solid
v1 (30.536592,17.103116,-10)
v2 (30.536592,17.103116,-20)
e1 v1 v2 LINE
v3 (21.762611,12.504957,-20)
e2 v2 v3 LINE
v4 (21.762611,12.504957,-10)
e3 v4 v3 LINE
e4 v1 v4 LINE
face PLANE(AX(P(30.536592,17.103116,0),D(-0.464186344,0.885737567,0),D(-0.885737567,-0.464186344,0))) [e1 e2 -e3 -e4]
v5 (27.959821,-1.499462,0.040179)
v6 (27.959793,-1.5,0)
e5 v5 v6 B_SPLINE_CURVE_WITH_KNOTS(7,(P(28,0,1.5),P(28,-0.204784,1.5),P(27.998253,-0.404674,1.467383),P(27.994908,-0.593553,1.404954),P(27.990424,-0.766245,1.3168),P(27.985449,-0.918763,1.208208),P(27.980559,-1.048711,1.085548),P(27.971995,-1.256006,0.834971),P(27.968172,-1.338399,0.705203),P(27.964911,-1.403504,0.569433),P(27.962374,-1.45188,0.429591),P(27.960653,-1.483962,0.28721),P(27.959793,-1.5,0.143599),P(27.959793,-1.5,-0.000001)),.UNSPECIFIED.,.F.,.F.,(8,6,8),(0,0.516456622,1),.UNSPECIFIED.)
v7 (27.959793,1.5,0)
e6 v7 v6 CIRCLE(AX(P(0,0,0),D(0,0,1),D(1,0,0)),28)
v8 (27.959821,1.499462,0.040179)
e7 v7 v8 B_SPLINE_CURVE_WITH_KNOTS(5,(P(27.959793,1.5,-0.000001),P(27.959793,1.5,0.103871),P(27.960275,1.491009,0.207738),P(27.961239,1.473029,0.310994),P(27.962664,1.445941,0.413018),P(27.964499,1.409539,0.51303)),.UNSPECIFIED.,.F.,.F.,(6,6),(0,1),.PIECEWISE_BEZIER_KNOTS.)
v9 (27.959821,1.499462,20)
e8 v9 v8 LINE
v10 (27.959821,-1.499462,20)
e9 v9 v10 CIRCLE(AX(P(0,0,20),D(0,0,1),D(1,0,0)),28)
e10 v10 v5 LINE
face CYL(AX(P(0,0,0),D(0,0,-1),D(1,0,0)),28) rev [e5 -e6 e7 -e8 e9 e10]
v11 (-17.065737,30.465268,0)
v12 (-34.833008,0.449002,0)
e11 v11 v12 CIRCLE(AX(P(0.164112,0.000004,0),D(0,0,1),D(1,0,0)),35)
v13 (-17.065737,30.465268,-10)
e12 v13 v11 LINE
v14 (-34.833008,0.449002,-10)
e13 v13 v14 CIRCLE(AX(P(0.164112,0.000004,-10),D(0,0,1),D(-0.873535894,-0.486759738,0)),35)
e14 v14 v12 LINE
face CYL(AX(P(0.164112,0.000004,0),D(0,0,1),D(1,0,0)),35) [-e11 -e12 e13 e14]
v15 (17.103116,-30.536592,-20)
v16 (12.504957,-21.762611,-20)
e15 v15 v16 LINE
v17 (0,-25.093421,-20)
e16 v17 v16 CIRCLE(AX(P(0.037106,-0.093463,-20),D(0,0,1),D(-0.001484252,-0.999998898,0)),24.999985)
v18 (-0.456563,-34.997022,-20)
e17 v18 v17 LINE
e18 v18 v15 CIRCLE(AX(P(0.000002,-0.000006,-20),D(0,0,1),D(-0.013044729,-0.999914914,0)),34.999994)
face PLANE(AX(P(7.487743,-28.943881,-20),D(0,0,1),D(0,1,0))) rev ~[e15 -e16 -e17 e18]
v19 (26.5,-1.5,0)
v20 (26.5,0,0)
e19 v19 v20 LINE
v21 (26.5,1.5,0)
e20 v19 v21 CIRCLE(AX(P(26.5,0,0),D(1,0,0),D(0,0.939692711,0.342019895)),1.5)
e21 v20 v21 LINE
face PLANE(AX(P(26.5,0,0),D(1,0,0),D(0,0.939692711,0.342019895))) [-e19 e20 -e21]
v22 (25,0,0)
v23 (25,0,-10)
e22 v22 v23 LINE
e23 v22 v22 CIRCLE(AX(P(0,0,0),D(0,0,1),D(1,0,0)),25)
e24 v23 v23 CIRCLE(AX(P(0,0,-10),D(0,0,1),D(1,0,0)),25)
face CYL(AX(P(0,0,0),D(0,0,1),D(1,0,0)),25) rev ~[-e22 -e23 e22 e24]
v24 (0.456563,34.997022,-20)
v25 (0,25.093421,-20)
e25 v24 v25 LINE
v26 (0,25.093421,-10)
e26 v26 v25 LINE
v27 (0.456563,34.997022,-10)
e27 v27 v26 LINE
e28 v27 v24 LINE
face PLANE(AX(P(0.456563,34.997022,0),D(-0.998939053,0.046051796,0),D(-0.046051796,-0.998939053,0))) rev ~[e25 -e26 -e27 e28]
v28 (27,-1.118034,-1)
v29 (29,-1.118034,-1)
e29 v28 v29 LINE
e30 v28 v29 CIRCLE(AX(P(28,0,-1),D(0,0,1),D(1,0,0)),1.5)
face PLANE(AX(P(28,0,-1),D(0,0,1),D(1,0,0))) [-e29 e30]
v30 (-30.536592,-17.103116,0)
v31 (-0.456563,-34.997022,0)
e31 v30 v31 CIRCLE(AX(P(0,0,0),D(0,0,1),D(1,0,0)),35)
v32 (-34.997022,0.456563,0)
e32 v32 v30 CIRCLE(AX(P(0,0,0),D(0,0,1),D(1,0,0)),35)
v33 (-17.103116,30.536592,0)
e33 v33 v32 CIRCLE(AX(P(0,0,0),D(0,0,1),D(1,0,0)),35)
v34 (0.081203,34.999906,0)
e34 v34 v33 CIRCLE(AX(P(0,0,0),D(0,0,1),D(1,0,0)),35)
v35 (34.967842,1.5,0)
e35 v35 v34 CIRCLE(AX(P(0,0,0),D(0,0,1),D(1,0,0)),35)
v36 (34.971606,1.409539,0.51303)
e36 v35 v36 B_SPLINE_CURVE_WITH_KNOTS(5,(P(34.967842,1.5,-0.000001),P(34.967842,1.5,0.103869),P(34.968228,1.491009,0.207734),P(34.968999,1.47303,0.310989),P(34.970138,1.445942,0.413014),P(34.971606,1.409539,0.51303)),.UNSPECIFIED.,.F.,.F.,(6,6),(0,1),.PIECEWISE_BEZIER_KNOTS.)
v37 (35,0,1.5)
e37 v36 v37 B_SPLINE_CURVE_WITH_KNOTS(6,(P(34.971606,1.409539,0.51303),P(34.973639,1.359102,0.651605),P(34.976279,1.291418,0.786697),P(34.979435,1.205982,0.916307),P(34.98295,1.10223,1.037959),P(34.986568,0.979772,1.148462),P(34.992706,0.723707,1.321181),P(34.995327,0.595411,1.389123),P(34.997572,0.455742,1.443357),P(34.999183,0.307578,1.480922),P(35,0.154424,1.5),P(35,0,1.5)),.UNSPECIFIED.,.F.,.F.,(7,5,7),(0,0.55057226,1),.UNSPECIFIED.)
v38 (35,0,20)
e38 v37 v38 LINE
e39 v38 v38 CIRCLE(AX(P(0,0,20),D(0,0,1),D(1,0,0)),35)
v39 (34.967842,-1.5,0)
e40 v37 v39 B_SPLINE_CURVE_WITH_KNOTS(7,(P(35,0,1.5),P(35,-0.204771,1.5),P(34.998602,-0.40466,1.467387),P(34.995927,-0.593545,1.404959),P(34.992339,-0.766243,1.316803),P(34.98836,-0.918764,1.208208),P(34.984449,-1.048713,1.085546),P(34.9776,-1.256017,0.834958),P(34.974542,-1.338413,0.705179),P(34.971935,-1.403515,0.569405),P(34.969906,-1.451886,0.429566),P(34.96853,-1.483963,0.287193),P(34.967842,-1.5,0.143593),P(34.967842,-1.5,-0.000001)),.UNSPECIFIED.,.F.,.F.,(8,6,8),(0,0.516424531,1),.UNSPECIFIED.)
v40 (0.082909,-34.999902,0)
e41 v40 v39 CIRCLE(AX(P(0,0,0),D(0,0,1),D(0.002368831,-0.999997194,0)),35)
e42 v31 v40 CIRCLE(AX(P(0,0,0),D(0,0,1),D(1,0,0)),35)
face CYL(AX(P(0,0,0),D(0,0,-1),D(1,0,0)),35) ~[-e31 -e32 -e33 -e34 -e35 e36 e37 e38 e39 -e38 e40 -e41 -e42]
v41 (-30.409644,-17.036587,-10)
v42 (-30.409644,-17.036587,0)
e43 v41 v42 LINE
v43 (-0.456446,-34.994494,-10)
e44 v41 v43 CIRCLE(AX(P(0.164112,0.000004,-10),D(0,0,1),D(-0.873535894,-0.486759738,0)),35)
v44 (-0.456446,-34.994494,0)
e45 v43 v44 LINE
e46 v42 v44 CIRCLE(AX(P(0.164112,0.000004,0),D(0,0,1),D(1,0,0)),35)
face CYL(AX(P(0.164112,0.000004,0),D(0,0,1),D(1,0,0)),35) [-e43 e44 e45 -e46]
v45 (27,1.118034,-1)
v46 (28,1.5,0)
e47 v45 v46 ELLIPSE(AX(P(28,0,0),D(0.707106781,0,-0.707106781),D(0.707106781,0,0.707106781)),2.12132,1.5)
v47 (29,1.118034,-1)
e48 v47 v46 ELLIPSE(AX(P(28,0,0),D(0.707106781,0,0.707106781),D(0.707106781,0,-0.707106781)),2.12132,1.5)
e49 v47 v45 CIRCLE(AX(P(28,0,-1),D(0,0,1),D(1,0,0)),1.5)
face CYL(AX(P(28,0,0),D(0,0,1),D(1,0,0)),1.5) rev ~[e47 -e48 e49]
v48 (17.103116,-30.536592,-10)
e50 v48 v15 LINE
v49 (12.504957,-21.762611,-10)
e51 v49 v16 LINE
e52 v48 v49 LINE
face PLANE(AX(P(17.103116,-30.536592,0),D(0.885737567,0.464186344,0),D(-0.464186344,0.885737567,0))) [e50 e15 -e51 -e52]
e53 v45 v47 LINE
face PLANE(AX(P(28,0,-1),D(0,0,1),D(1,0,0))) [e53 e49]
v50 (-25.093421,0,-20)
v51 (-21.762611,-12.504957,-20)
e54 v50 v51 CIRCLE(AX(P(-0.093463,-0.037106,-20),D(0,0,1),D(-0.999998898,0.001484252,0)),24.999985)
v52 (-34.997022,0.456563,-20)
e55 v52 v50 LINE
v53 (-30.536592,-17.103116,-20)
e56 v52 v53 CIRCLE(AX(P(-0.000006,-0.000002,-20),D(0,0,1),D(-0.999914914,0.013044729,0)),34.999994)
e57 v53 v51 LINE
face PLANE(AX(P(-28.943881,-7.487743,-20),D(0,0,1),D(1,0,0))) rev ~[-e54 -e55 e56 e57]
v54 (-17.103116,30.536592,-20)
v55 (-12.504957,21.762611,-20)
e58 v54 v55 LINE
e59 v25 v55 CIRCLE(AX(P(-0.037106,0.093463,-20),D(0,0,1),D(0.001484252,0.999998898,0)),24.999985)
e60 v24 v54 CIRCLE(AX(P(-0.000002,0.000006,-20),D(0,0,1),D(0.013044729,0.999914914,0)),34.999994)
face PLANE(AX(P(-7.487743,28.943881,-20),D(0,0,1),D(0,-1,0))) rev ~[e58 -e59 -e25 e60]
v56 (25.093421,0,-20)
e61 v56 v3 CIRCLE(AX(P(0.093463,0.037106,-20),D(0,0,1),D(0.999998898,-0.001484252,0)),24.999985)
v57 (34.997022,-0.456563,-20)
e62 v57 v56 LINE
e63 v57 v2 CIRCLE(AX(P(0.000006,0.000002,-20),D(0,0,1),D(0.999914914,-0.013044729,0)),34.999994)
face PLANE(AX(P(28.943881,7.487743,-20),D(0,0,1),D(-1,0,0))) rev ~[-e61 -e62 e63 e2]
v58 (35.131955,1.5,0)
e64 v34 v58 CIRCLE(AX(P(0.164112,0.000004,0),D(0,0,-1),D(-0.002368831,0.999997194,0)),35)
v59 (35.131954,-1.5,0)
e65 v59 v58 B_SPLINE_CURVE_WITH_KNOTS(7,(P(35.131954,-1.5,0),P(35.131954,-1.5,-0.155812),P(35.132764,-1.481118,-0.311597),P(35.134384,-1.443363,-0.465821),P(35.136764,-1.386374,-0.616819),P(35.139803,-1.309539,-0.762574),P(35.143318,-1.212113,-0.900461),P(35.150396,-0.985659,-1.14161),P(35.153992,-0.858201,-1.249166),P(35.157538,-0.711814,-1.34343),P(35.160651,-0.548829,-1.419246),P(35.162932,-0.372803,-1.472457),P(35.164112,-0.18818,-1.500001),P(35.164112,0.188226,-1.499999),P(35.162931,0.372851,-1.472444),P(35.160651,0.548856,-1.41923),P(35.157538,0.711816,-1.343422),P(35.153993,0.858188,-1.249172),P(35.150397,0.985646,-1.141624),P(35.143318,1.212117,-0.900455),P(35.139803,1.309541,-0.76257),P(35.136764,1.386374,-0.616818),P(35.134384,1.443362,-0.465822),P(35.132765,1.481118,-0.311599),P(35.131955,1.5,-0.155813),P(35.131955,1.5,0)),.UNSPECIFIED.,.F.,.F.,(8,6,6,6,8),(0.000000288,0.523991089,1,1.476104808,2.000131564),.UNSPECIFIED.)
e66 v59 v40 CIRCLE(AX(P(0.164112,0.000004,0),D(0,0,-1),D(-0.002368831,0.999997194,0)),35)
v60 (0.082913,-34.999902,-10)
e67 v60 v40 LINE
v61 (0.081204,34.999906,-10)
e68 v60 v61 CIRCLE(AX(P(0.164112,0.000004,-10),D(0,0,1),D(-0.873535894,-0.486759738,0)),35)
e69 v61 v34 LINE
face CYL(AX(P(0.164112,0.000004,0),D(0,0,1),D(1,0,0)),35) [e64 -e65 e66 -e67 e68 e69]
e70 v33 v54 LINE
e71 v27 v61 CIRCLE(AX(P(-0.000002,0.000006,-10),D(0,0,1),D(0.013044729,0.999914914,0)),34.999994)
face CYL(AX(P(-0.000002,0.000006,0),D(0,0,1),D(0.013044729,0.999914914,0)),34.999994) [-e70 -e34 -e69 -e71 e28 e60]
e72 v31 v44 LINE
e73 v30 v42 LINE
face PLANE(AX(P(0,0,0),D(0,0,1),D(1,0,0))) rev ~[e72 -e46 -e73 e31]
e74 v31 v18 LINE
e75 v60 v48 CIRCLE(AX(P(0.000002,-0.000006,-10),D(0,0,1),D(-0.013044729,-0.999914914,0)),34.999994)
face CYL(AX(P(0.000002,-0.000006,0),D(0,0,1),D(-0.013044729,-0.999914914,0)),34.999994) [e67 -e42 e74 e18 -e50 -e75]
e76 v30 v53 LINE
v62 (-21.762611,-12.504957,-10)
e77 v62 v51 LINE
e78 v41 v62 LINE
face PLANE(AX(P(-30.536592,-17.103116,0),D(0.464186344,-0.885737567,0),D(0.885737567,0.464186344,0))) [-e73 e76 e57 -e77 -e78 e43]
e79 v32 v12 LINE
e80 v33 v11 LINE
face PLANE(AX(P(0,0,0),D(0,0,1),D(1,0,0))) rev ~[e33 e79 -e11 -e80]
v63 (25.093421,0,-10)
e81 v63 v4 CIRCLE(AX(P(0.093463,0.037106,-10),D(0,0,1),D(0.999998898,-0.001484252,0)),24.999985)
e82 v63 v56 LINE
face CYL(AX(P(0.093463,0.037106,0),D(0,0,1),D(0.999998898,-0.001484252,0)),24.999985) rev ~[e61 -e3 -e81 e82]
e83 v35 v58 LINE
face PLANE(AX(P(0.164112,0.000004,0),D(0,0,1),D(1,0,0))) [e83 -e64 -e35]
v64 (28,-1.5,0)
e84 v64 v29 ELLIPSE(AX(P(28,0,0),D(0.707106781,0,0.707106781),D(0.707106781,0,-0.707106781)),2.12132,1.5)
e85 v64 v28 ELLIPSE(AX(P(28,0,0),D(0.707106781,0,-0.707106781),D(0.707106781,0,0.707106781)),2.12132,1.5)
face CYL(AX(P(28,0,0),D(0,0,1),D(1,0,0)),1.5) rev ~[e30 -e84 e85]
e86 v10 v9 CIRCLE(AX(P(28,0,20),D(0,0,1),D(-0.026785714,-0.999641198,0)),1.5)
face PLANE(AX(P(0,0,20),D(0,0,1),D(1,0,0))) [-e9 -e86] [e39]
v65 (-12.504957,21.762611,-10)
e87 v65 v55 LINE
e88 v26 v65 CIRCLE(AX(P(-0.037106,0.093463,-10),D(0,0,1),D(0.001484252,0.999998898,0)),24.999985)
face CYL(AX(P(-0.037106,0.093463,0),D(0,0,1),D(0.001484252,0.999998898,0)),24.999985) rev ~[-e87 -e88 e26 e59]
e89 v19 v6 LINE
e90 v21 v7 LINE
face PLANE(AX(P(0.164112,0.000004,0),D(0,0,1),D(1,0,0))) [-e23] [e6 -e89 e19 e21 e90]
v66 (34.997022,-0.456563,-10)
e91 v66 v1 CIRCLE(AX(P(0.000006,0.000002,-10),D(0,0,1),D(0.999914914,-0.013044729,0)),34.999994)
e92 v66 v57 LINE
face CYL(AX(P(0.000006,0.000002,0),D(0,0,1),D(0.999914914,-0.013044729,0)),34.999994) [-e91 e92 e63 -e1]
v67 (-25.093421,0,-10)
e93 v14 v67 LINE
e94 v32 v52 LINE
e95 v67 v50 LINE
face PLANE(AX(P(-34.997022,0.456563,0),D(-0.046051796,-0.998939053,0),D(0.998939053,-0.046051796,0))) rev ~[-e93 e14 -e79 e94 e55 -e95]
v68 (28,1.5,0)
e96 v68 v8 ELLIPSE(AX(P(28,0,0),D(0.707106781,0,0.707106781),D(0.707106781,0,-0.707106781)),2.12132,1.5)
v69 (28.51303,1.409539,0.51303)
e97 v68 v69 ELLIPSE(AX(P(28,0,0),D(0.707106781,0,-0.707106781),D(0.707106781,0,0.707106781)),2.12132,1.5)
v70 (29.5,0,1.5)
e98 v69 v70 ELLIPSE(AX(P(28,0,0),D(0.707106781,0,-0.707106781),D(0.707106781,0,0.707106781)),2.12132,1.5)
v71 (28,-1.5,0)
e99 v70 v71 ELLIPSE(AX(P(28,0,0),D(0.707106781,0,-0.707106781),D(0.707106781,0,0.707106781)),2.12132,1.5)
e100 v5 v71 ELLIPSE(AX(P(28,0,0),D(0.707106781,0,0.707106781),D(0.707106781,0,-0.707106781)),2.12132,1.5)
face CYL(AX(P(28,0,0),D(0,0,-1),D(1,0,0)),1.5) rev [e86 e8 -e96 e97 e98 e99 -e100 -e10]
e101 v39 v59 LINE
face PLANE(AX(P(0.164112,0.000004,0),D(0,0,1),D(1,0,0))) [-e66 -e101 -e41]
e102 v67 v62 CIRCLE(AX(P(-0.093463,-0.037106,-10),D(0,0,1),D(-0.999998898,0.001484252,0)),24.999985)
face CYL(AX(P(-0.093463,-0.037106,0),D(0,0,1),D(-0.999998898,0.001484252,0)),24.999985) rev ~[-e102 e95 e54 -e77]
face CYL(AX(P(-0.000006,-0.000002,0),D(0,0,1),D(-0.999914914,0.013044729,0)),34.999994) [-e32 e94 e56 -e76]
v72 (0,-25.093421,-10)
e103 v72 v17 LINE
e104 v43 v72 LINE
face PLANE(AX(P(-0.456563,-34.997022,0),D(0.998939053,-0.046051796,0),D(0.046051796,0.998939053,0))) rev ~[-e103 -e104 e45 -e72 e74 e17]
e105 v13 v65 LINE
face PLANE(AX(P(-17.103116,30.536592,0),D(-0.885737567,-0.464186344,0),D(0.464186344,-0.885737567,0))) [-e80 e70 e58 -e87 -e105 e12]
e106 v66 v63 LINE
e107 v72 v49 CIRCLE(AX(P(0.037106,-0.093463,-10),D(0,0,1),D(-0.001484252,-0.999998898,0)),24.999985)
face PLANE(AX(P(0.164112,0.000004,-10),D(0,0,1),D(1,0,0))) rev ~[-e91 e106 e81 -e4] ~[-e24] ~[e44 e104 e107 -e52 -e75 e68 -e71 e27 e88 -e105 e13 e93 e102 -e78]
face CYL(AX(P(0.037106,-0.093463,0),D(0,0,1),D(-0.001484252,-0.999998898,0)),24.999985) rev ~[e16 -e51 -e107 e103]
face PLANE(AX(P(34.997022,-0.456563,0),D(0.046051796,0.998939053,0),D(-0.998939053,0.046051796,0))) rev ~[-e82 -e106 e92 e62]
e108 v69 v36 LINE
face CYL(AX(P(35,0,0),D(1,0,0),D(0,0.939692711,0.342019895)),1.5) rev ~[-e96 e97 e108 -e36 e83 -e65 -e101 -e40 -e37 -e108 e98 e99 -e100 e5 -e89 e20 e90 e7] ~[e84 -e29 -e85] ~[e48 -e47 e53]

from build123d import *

# Parameters (mm, degrees)
SKETCH003_R          = 35
SKETCH003_R_2        = 28
PAD001_DEPTH         = 20
SKETCH004_R          = 35
SKETCH004_R_2        = 25
PAD002_DEPTH         = 10
PAD003_DEPTH         = 20
POLARPATTERN_COUNT   = 4
SKETCH006_R          = 1.5
POCKET002_DEPTH      = 8.5
SKETCH007_R          = 1.5
POCKET003_DEPTH      = 1
POCKET003_DEPTH_BACK = 20


with BuildPart() as part:
    # Sketch003 → Pad001 (new body)
    with BuildSketch(Plane.XY):
        Circle(SKETCH003_R)
        Circle(SKETCH003_R_2, mode=Mode.SUBTRACT)
    extrude(amount=PAD001_DEPTH)

    # Sketch004 → Pad002 (new body)
    with BuildSketch(Plane.XY):
        with Locations((0.164112, 4e-06)):
            Circle(SKETCH004_R)
        Circle(SKETCH004_R_2, mode=Mode.SUBTRACT)
    extrude(amount=-PAD002_DEPTH)

    # Sketch005 → Pad003 (new body)
    with BuildSketch(Plane.XY):
        with BuildLine():
            ThreePointArc((-34.997022, 0.456563), (-33.922695, -8.61689), (-30.536592, -17.103116))
            Line((-30.536592, -17.103116), (-21.762611, -12.504957))
            ThreePointArc((-25.093421, 0), (-24.251171, -6.471733), (-21.762611, -12.504957))
            Line((-34.997022, 0.456563), (-25.093421, 0))
        make_face()
    pad003 = extrude(amount=-PAD003_DEPTH)

    # PolarPattern: Pad003 ×4 about axis
    polarpattern_axis = Axis((0, 0, 0), (0, 0, 1))
    for i in range(1, POLARPATTERN_COUNT):
        add(pad003.rotate(polarpattern_axis, i * 360 / POLARPATTERN_COUNT))

    # Sketch006 → Pocket002 (cut, symmetric)
    with BuildSketch(Plane(origin=(35, 0, 0), x_dir=(0, 0.939693, 0.34202), z_dir=(1, 0, 0))):
        Circle(SKETCH006_R)
    extrude(amount=POCKET002_DEPTH, both=True, mode=Mode.SUBTRACT)

    # Sketch007 → Pocket003 (cut, two sides)
    with BuildSketch(Plane(origin=(28, 0, 0), x_dir=(1, 0, 0), z_dir=(0, 0, 1))) as pocket003_sk:
        Circle(SKETCH007_R)
    extrude(amount=-POCKET003_DEPTH, mode=Mode.SUBTRACT)
    extrude(pocket003_sk.sketch, amount=POCKET003_DEPTH_BACK, mode=Mode.SUBTRACT)


solid = part.part
